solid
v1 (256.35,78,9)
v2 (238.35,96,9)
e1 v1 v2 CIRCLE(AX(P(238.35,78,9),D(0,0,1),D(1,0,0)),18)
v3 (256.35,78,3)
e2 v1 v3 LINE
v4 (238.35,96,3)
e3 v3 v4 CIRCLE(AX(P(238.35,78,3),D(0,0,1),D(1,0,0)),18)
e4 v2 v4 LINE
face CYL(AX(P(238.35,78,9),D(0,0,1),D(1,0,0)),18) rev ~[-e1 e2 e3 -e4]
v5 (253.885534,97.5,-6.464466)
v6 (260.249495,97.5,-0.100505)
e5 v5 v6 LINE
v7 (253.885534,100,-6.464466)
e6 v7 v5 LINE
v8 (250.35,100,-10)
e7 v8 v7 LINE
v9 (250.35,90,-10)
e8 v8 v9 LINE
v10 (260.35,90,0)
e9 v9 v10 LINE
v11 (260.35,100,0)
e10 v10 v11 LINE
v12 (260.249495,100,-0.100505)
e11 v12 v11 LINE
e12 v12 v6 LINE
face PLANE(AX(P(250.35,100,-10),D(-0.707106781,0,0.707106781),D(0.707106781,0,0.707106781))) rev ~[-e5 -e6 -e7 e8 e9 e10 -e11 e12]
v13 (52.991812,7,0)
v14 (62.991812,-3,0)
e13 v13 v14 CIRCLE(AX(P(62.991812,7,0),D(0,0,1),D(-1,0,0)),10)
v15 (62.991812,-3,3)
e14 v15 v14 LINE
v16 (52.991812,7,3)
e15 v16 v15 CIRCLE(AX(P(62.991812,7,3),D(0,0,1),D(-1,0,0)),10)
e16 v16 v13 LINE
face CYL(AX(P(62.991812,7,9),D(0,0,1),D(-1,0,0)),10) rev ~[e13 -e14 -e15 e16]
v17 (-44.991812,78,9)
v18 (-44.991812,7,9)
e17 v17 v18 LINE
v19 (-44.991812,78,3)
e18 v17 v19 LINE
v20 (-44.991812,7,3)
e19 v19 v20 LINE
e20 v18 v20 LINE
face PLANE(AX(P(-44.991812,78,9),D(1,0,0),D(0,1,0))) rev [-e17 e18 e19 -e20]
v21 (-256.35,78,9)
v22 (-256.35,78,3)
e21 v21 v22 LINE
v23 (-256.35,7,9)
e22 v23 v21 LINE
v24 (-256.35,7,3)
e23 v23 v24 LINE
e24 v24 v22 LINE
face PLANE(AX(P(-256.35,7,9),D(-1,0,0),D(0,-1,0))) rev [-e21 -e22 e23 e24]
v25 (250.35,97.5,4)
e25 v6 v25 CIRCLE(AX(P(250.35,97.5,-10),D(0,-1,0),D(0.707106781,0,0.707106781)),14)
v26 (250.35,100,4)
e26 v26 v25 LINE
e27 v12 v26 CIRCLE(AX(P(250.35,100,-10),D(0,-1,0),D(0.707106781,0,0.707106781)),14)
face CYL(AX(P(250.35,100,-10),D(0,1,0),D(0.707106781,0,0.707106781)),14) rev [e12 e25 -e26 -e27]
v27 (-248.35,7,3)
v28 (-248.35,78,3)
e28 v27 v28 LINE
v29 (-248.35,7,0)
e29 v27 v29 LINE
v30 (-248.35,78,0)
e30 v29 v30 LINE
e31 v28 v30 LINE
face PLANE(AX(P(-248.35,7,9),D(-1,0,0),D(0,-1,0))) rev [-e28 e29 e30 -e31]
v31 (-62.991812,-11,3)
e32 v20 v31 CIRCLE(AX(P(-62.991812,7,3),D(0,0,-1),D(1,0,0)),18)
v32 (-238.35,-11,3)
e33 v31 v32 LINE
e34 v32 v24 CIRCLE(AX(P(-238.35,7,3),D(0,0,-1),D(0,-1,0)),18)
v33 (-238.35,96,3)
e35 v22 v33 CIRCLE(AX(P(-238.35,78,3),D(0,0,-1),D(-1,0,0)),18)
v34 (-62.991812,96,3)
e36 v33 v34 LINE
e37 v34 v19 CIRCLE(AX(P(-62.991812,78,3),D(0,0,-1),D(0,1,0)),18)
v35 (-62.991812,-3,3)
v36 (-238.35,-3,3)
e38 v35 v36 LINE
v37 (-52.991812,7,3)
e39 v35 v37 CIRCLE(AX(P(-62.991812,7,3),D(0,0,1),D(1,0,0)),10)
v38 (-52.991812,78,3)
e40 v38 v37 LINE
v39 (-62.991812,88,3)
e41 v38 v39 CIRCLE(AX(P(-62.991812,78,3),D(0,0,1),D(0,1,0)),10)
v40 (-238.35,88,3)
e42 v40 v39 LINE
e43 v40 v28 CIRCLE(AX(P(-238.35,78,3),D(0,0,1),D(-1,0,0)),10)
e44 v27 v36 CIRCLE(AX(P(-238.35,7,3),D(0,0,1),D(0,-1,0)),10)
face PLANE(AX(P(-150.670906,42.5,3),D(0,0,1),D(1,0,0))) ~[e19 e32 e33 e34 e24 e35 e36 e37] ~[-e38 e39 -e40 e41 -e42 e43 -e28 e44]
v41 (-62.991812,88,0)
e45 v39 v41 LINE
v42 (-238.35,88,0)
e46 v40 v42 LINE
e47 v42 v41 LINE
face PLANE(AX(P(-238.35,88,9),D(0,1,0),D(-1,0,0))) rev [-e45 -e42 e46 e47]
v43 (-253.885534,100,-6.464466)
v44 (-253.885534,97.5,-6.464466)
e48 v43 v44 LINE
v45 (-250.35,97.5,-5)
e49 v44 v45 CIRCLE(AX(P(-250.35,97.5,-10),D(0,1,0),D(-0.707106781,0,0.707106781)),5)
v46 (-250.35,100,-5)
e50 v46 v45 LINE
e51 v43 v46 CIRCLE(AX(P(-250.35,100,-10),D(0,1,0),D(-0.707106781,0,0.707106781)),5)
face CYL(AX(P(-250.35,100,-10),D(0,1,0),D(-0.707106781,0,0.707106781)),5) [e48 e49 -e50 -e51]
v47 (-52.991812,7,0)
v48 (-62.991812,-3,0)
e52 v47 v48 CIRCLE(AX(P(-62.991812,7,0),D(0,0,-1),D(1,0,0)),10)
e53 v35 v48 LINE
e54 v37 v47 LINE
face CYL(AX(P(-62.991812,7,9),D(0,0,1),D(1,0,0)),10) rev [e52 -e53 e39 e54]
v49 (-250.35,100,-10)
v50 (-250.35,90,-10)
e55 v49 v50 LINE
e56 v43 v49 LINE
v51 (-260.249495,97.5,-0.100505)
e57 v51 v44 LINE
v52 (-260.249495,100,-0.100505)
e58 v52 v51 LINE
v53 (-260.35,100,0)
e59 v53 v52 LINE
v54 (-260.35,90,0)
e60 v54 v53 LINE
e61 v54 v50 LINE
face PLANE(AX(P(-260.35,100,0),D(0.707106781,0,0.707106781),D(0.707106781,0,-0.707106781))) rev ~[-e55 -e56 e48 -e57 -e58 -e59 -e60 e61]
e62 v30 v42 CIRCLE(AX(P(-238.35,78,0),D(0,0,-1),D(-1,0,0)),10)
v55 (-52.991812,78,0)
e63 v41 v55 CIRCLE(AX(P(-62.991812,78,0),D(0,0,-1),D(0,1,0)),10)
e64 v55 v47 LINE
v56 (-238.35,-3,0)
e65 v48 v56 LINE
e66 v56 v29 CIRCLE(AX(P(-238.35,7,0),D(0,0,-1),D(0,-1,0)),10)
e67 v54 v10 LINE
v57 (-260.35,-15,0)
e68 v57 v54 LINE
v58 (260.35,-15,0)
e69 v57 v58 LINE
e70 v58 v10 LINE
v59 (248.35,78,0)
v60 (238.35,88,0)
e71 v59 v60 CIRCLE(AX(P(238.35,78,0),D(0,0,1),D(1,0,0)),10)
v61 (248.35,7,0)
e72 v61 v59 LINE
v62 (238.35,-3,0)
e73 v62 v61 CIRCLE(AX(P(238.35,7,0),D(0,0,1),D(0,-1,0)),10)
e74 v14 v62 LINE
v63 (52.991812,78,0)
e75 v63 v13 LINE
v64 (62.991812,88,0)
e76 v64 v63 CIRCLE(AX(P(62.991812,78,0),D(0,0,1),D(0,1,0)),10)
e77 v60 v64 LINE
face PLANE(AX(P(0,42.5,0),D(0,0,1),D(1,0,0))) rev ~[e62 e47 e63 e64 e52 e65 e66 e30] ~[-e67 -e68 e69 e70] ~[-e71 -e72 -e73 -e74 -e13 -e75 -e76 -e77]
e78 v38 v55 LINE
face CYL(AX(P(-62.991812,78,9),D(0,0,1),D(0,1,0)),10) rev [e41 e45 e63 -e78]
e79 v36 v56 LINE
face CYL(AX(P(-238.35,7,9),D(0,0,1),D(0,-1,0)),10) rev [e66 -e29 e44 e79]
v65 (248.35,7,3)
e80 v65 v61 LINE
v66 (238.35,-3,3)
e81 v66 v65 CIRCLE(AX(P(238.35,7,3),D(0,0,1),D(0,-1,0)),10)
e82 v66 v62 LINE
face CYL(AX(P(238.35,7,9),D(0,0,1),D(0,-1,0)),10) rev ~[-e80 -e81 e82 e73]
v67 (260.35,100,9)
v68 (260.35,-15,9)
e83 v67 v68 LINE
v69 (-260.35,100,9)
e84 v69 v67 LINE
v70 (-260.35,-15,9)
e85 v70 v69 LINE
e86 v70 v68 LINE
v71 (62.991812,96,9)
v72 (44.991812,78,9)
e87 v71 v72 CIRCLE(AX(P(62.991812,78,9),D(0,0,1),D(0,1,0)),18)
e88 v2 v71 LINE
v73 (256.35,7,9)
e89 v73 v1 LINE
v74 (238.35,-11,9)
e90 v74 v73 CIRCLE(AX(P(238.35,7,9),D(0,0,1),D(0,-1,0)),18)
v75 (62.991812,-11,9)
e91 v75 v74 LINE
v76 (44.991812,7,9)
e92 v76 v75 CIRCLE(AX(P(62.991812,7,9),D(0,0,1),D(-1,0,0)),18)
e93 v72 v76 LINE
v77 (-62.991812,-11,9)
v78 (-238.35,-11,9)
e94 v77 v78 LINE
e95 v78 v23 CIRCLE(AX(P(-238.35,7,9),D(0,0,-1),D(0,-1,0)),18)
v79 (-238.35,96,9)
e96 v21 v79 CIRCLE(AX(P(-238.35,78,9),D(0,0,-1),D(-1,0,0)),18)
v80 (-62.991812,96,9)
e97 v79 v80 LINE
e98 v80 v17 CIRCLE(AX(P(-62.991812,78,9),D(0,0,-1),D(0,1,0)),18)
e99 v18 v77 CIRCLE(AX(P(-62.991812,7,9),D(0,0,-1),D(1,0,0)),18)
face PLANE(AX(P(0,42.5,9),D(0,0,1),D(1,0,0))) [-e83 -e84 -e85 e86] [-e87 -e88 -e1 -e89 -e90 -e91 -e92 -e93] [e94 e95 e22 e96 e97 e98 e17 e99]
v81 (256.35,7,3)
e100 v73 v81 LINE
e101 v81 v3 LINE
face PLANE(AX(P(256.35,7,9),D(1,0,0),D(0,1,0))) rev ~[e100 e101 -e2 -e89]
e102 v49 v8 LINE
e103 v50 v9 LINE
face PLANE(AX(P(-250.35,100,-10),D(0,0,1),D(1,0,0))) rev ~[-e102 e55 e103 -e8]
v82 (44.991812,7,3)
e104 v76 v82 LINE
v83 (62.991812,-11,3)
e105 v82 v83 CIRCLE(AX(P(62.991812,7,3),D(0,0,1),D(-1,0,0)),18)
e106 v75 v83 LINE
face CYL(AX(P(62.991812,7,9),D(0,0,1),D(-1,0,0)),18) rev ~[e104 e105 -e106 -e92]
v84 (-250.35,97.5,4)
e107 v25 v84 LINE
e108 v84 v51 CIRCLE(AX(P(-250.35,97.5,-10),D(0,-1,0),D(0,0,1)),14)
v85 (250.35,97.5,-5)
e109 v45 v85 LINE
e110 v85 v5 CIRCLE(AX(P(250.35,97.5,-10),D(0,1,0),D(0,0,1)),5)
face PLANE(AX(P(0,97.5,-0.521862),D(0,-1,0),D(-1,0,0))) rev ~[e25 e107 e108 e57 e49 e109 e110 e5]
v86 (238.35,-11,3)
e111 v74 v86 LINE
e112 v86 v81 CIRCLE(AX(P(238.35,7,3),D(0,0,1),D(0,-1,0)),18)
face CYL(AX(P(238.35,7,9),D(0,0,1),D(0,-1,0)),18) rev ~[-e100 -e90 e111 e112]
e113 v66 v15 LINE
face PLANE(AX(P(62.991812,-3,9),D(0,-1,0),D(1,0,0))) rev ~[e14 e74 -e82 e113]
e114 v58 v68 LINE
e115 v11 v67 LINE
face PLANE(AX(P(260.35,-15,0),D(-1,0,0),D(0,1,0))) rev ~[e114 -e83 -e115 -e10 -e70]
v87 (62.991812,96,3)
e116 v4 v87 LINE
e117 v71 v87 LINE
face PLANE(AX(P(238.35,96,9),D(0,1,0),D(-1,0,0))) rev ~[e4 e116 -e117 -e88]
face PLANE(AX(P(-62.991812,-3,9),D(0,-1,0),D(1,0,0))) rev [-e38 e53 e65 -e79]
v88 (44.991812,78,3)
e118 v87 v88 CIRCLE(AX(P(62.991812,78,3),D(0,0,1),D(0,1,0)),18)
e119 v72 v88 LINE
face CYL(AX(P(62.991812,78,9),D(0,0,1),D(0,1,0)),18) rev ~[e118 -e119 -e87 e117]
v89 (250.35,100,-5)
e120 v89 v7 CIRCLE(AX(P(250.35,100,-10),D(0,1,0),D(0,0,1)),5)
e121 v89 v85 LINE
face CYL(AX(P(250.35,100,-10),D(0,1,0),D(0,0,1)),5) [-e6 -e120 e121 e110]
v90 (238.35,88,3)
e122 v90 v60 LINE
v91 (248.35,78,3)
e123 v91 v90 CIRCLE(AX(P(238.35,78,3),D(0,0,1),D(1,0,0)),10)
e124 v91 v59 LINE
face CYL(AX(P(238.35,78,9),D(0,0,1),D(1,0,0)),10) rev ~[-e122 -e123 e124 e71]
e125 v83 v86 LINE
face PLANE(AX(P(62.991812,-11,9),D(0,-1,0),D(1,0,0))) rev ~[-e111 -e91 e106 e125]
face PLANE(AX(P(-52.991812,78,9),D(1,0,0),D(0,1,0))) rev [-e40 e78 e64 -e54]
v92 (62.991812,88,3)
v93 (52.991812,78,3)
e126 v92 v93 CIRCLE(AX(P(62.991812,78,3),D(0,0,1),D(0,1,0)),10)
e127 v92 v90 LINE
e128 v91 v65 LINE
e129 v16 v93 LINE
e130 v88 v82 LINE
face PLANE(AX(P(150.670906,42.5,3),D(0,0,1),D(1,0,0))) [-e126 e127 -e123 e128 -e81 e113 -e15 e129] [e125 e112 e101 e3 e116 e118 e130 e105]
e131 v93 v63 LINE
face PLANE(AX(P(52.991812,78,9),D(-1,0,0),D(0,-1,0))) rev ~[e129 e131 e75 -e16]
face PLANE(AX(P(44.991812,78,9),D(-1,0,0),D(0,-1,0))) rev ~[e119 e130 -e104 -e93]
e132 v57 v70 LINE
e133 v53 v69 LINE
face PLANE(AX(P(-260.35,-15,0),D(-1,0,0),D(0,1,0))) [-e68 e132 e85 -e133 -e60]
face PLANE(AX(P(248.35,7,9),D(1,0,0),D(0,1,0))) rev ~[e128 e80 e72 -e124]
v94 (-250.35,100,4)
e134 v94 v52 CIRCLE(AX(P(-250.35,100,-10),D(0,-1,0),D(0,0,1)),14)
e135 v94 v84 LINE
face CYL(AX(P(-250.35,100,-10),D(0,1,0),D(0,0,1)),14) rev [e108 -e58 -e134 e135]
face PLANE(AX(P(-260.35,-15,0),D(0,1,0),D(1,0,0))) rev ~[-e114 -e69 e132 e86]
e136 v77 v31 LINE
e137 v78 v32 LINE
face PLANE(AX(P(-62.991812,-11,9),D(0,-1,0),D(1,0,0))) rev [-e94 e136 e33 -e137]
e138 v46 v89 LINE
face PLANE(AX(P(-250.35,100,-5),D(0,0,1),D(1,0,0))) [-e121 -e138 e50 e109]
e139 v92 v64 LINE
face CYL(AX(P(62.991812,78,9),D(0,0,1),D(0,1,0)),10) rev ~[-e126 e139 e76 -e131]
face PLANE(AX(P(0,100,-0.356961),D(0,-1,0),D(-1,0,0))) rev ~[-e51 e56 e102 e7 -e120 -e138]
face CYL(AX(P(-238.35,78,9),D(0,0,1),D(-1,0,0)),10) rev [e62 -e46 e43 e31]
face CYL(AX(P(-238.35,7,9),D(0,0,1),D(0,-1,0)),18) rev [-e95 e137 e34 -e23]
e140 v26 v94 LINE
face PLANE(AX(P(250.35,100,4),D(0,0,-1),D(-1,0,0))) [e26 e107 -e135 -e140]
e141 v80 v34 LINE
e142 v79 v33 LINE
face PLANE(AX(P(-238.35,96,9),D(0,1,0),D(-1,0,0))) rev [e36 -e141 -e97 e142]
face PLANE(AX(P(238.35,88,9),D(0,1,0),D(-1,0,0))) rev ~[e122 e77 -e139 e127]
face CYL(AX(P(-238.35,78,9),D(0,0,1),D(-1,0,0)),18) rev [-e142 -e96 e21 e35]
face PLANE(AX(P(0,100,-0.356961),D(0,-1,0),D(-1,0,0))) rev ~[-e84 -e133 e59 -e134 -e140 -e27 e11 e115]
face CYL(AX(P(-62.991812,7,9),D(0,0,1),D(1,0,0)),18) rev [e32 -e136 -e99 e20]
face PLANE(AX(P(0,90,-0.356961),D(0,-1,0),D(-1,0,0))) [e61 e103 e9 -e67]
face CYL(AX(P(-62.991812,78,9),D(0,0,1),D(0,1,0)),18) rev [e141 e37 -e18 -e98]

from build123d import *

# Parameters (mm, degrees)
SKETCH1_W           = 520.7
SKETCH1_H           = 115
BOSS_EXTRUDE1_DEPTH = 9
BOSS_EXTRUDE2_DEPTH = 10
CUT_EXTRUDE1_DEPTH  = 9
CUT_EXTRUDE2_DEPTH  = 6
CUT_EXTRUDE3_DEPTH  = 2.5


with BuildPart() as part:
    # Sketch1 → Boss-Extrude1 (new body)
    with BuildSketch(Plane.XY):
        with Locations((0, 42.5)):
            Rectangle(SKETCH1_W, SKETCH1_H)
    extrude(amount=BOSS_EXTRUDE1_DEPTH)

    # Sketch2 → Boss-Extrude2 (add)
    with BuildSketch(Plane(origin=(0, 100, 0), x_dir=(1, 0, 0), z_dir=(0, 1, 0))):
        Polygon((-250.35, 10), (250.35, 10), (260.35, 0), (260.35, -9), (-260.35, -9), (-260.35, 0), align=None)
    extrude(amount=-BOSS_EXTRUDE2_DEPTH)

    # Sketch3 → Cut-Extrude1 (cut)
    with BuildSketch(Plane.XY.offset(9)):
        with BuildLine():
            Line((238.35, 88), (62.991811867, 88))
            ThreePointArc((62.991811867, 88), (55.920744055, 85.071067812), (52.991811867, 78))
            Line((52.991811867, 78), (52.991811867, 7))
            ThreePointArc((52.991811867, 7), (55.920744055, -0.071067812), (62.991811867, -3))
            Line((62.991811867, -3), (238.35, -3))
            ThreePointArc((238.35, -3), (245.421067812, -0.071067812), (248.35, 7))
            Line((248.35, 7), (248.35, 78))
            ThreePointArc((248.35, 78), (245.421067812, 85.071067812), (238.35, 88))
        make_face()
    cut_extrude1 = extrude(amount=-CUT_EXTRUDE1_DEPTH, mode=Mode.SUBTRACT)

    # Sketch4 → Cut-Extrude2 (cut)
    with BuildSketch(Plane.XY.offset(9)):
        with BuildLine():
            Line((62.991811867, -11), (238.35, -11))
            ThreePointArc((238.35, -11), (251.077922061, -5.727922061), (256.35, 7))
            Line((256.35, 7), (256.35, 78))
            ThreePointArc((256.35, 78), (251.077922061, 90.727922061), (238.35, 96))
            Line((238.35, 96), (62.991811867, 96))
            ThreePointArc((62.991811867, 96), (50.263889805, 90.727922061), (44.991811867, 78))
            Line((44.991811867, 78), (44.991811867, 7))
            ThreePointArc((44.991811867, 7), (50.263889805, -5.727922061), (62.991811867, -11))
        make_face()
    cut_extrude2 = extrude(amount=-CUT_EXTRUDE2_DEPTH, mode=Mode.SUBTRACT)

    # Mirror1: Cut-Extrude1, Cut-Extrude2 across plane
    add(cut_extrude1.mirror(Plane(origin=(0, 0, 0), x_dir=(0, 0, 1), z_dir=(1, 0, 0))), mode=Mode.SUBTRACT)
    add(cut_extrude2.mirror(Plane(origin=(0, 0, 0), x_dir=(0, 0, 1), z_dir=(1, 0, 0))), mode=Mode.SUBTRACT)

    # Sketch5 → Cut-Extrude3 (cut)
    with BuildSketch(Plane(origin=(0, 100, 0), x_dir=(1, 0, 0), z_dir=(0, 1, 0))):
        with BuildLine():
            Line((-250.35, 5), (250.35, 5))
            ThreePointArc((250.35, 5), (252.263417162, 5.380602337), (253.885533906, 6.464466094))
            Line((253.885533906, 6.464466094), (260.249494937, 0.100505063))
            ThreePointArc((260.249494937, 0.100505063), (255.707568053, -2.934313455), (250.35, -4))
            Line((250.35, -4), (-250.35, -4))
            ThreePointArc((-250.35, -4), (-255.707568053, -2.934313455), (-260.249494937, 0.100505063))
            Line((-260.249494937, 0.100505063), (-253.885533906, 6.464466094))
            ThreePointArc((-253.885533906, 6.464466094), (-252.263417162, 5.380602337), (-250.35, 5))
        make_face()
    extrude(amount=-CUT_EXTRUDE3_DEPTH, mode=Mode.SUBTRACT)


solid = part.part
